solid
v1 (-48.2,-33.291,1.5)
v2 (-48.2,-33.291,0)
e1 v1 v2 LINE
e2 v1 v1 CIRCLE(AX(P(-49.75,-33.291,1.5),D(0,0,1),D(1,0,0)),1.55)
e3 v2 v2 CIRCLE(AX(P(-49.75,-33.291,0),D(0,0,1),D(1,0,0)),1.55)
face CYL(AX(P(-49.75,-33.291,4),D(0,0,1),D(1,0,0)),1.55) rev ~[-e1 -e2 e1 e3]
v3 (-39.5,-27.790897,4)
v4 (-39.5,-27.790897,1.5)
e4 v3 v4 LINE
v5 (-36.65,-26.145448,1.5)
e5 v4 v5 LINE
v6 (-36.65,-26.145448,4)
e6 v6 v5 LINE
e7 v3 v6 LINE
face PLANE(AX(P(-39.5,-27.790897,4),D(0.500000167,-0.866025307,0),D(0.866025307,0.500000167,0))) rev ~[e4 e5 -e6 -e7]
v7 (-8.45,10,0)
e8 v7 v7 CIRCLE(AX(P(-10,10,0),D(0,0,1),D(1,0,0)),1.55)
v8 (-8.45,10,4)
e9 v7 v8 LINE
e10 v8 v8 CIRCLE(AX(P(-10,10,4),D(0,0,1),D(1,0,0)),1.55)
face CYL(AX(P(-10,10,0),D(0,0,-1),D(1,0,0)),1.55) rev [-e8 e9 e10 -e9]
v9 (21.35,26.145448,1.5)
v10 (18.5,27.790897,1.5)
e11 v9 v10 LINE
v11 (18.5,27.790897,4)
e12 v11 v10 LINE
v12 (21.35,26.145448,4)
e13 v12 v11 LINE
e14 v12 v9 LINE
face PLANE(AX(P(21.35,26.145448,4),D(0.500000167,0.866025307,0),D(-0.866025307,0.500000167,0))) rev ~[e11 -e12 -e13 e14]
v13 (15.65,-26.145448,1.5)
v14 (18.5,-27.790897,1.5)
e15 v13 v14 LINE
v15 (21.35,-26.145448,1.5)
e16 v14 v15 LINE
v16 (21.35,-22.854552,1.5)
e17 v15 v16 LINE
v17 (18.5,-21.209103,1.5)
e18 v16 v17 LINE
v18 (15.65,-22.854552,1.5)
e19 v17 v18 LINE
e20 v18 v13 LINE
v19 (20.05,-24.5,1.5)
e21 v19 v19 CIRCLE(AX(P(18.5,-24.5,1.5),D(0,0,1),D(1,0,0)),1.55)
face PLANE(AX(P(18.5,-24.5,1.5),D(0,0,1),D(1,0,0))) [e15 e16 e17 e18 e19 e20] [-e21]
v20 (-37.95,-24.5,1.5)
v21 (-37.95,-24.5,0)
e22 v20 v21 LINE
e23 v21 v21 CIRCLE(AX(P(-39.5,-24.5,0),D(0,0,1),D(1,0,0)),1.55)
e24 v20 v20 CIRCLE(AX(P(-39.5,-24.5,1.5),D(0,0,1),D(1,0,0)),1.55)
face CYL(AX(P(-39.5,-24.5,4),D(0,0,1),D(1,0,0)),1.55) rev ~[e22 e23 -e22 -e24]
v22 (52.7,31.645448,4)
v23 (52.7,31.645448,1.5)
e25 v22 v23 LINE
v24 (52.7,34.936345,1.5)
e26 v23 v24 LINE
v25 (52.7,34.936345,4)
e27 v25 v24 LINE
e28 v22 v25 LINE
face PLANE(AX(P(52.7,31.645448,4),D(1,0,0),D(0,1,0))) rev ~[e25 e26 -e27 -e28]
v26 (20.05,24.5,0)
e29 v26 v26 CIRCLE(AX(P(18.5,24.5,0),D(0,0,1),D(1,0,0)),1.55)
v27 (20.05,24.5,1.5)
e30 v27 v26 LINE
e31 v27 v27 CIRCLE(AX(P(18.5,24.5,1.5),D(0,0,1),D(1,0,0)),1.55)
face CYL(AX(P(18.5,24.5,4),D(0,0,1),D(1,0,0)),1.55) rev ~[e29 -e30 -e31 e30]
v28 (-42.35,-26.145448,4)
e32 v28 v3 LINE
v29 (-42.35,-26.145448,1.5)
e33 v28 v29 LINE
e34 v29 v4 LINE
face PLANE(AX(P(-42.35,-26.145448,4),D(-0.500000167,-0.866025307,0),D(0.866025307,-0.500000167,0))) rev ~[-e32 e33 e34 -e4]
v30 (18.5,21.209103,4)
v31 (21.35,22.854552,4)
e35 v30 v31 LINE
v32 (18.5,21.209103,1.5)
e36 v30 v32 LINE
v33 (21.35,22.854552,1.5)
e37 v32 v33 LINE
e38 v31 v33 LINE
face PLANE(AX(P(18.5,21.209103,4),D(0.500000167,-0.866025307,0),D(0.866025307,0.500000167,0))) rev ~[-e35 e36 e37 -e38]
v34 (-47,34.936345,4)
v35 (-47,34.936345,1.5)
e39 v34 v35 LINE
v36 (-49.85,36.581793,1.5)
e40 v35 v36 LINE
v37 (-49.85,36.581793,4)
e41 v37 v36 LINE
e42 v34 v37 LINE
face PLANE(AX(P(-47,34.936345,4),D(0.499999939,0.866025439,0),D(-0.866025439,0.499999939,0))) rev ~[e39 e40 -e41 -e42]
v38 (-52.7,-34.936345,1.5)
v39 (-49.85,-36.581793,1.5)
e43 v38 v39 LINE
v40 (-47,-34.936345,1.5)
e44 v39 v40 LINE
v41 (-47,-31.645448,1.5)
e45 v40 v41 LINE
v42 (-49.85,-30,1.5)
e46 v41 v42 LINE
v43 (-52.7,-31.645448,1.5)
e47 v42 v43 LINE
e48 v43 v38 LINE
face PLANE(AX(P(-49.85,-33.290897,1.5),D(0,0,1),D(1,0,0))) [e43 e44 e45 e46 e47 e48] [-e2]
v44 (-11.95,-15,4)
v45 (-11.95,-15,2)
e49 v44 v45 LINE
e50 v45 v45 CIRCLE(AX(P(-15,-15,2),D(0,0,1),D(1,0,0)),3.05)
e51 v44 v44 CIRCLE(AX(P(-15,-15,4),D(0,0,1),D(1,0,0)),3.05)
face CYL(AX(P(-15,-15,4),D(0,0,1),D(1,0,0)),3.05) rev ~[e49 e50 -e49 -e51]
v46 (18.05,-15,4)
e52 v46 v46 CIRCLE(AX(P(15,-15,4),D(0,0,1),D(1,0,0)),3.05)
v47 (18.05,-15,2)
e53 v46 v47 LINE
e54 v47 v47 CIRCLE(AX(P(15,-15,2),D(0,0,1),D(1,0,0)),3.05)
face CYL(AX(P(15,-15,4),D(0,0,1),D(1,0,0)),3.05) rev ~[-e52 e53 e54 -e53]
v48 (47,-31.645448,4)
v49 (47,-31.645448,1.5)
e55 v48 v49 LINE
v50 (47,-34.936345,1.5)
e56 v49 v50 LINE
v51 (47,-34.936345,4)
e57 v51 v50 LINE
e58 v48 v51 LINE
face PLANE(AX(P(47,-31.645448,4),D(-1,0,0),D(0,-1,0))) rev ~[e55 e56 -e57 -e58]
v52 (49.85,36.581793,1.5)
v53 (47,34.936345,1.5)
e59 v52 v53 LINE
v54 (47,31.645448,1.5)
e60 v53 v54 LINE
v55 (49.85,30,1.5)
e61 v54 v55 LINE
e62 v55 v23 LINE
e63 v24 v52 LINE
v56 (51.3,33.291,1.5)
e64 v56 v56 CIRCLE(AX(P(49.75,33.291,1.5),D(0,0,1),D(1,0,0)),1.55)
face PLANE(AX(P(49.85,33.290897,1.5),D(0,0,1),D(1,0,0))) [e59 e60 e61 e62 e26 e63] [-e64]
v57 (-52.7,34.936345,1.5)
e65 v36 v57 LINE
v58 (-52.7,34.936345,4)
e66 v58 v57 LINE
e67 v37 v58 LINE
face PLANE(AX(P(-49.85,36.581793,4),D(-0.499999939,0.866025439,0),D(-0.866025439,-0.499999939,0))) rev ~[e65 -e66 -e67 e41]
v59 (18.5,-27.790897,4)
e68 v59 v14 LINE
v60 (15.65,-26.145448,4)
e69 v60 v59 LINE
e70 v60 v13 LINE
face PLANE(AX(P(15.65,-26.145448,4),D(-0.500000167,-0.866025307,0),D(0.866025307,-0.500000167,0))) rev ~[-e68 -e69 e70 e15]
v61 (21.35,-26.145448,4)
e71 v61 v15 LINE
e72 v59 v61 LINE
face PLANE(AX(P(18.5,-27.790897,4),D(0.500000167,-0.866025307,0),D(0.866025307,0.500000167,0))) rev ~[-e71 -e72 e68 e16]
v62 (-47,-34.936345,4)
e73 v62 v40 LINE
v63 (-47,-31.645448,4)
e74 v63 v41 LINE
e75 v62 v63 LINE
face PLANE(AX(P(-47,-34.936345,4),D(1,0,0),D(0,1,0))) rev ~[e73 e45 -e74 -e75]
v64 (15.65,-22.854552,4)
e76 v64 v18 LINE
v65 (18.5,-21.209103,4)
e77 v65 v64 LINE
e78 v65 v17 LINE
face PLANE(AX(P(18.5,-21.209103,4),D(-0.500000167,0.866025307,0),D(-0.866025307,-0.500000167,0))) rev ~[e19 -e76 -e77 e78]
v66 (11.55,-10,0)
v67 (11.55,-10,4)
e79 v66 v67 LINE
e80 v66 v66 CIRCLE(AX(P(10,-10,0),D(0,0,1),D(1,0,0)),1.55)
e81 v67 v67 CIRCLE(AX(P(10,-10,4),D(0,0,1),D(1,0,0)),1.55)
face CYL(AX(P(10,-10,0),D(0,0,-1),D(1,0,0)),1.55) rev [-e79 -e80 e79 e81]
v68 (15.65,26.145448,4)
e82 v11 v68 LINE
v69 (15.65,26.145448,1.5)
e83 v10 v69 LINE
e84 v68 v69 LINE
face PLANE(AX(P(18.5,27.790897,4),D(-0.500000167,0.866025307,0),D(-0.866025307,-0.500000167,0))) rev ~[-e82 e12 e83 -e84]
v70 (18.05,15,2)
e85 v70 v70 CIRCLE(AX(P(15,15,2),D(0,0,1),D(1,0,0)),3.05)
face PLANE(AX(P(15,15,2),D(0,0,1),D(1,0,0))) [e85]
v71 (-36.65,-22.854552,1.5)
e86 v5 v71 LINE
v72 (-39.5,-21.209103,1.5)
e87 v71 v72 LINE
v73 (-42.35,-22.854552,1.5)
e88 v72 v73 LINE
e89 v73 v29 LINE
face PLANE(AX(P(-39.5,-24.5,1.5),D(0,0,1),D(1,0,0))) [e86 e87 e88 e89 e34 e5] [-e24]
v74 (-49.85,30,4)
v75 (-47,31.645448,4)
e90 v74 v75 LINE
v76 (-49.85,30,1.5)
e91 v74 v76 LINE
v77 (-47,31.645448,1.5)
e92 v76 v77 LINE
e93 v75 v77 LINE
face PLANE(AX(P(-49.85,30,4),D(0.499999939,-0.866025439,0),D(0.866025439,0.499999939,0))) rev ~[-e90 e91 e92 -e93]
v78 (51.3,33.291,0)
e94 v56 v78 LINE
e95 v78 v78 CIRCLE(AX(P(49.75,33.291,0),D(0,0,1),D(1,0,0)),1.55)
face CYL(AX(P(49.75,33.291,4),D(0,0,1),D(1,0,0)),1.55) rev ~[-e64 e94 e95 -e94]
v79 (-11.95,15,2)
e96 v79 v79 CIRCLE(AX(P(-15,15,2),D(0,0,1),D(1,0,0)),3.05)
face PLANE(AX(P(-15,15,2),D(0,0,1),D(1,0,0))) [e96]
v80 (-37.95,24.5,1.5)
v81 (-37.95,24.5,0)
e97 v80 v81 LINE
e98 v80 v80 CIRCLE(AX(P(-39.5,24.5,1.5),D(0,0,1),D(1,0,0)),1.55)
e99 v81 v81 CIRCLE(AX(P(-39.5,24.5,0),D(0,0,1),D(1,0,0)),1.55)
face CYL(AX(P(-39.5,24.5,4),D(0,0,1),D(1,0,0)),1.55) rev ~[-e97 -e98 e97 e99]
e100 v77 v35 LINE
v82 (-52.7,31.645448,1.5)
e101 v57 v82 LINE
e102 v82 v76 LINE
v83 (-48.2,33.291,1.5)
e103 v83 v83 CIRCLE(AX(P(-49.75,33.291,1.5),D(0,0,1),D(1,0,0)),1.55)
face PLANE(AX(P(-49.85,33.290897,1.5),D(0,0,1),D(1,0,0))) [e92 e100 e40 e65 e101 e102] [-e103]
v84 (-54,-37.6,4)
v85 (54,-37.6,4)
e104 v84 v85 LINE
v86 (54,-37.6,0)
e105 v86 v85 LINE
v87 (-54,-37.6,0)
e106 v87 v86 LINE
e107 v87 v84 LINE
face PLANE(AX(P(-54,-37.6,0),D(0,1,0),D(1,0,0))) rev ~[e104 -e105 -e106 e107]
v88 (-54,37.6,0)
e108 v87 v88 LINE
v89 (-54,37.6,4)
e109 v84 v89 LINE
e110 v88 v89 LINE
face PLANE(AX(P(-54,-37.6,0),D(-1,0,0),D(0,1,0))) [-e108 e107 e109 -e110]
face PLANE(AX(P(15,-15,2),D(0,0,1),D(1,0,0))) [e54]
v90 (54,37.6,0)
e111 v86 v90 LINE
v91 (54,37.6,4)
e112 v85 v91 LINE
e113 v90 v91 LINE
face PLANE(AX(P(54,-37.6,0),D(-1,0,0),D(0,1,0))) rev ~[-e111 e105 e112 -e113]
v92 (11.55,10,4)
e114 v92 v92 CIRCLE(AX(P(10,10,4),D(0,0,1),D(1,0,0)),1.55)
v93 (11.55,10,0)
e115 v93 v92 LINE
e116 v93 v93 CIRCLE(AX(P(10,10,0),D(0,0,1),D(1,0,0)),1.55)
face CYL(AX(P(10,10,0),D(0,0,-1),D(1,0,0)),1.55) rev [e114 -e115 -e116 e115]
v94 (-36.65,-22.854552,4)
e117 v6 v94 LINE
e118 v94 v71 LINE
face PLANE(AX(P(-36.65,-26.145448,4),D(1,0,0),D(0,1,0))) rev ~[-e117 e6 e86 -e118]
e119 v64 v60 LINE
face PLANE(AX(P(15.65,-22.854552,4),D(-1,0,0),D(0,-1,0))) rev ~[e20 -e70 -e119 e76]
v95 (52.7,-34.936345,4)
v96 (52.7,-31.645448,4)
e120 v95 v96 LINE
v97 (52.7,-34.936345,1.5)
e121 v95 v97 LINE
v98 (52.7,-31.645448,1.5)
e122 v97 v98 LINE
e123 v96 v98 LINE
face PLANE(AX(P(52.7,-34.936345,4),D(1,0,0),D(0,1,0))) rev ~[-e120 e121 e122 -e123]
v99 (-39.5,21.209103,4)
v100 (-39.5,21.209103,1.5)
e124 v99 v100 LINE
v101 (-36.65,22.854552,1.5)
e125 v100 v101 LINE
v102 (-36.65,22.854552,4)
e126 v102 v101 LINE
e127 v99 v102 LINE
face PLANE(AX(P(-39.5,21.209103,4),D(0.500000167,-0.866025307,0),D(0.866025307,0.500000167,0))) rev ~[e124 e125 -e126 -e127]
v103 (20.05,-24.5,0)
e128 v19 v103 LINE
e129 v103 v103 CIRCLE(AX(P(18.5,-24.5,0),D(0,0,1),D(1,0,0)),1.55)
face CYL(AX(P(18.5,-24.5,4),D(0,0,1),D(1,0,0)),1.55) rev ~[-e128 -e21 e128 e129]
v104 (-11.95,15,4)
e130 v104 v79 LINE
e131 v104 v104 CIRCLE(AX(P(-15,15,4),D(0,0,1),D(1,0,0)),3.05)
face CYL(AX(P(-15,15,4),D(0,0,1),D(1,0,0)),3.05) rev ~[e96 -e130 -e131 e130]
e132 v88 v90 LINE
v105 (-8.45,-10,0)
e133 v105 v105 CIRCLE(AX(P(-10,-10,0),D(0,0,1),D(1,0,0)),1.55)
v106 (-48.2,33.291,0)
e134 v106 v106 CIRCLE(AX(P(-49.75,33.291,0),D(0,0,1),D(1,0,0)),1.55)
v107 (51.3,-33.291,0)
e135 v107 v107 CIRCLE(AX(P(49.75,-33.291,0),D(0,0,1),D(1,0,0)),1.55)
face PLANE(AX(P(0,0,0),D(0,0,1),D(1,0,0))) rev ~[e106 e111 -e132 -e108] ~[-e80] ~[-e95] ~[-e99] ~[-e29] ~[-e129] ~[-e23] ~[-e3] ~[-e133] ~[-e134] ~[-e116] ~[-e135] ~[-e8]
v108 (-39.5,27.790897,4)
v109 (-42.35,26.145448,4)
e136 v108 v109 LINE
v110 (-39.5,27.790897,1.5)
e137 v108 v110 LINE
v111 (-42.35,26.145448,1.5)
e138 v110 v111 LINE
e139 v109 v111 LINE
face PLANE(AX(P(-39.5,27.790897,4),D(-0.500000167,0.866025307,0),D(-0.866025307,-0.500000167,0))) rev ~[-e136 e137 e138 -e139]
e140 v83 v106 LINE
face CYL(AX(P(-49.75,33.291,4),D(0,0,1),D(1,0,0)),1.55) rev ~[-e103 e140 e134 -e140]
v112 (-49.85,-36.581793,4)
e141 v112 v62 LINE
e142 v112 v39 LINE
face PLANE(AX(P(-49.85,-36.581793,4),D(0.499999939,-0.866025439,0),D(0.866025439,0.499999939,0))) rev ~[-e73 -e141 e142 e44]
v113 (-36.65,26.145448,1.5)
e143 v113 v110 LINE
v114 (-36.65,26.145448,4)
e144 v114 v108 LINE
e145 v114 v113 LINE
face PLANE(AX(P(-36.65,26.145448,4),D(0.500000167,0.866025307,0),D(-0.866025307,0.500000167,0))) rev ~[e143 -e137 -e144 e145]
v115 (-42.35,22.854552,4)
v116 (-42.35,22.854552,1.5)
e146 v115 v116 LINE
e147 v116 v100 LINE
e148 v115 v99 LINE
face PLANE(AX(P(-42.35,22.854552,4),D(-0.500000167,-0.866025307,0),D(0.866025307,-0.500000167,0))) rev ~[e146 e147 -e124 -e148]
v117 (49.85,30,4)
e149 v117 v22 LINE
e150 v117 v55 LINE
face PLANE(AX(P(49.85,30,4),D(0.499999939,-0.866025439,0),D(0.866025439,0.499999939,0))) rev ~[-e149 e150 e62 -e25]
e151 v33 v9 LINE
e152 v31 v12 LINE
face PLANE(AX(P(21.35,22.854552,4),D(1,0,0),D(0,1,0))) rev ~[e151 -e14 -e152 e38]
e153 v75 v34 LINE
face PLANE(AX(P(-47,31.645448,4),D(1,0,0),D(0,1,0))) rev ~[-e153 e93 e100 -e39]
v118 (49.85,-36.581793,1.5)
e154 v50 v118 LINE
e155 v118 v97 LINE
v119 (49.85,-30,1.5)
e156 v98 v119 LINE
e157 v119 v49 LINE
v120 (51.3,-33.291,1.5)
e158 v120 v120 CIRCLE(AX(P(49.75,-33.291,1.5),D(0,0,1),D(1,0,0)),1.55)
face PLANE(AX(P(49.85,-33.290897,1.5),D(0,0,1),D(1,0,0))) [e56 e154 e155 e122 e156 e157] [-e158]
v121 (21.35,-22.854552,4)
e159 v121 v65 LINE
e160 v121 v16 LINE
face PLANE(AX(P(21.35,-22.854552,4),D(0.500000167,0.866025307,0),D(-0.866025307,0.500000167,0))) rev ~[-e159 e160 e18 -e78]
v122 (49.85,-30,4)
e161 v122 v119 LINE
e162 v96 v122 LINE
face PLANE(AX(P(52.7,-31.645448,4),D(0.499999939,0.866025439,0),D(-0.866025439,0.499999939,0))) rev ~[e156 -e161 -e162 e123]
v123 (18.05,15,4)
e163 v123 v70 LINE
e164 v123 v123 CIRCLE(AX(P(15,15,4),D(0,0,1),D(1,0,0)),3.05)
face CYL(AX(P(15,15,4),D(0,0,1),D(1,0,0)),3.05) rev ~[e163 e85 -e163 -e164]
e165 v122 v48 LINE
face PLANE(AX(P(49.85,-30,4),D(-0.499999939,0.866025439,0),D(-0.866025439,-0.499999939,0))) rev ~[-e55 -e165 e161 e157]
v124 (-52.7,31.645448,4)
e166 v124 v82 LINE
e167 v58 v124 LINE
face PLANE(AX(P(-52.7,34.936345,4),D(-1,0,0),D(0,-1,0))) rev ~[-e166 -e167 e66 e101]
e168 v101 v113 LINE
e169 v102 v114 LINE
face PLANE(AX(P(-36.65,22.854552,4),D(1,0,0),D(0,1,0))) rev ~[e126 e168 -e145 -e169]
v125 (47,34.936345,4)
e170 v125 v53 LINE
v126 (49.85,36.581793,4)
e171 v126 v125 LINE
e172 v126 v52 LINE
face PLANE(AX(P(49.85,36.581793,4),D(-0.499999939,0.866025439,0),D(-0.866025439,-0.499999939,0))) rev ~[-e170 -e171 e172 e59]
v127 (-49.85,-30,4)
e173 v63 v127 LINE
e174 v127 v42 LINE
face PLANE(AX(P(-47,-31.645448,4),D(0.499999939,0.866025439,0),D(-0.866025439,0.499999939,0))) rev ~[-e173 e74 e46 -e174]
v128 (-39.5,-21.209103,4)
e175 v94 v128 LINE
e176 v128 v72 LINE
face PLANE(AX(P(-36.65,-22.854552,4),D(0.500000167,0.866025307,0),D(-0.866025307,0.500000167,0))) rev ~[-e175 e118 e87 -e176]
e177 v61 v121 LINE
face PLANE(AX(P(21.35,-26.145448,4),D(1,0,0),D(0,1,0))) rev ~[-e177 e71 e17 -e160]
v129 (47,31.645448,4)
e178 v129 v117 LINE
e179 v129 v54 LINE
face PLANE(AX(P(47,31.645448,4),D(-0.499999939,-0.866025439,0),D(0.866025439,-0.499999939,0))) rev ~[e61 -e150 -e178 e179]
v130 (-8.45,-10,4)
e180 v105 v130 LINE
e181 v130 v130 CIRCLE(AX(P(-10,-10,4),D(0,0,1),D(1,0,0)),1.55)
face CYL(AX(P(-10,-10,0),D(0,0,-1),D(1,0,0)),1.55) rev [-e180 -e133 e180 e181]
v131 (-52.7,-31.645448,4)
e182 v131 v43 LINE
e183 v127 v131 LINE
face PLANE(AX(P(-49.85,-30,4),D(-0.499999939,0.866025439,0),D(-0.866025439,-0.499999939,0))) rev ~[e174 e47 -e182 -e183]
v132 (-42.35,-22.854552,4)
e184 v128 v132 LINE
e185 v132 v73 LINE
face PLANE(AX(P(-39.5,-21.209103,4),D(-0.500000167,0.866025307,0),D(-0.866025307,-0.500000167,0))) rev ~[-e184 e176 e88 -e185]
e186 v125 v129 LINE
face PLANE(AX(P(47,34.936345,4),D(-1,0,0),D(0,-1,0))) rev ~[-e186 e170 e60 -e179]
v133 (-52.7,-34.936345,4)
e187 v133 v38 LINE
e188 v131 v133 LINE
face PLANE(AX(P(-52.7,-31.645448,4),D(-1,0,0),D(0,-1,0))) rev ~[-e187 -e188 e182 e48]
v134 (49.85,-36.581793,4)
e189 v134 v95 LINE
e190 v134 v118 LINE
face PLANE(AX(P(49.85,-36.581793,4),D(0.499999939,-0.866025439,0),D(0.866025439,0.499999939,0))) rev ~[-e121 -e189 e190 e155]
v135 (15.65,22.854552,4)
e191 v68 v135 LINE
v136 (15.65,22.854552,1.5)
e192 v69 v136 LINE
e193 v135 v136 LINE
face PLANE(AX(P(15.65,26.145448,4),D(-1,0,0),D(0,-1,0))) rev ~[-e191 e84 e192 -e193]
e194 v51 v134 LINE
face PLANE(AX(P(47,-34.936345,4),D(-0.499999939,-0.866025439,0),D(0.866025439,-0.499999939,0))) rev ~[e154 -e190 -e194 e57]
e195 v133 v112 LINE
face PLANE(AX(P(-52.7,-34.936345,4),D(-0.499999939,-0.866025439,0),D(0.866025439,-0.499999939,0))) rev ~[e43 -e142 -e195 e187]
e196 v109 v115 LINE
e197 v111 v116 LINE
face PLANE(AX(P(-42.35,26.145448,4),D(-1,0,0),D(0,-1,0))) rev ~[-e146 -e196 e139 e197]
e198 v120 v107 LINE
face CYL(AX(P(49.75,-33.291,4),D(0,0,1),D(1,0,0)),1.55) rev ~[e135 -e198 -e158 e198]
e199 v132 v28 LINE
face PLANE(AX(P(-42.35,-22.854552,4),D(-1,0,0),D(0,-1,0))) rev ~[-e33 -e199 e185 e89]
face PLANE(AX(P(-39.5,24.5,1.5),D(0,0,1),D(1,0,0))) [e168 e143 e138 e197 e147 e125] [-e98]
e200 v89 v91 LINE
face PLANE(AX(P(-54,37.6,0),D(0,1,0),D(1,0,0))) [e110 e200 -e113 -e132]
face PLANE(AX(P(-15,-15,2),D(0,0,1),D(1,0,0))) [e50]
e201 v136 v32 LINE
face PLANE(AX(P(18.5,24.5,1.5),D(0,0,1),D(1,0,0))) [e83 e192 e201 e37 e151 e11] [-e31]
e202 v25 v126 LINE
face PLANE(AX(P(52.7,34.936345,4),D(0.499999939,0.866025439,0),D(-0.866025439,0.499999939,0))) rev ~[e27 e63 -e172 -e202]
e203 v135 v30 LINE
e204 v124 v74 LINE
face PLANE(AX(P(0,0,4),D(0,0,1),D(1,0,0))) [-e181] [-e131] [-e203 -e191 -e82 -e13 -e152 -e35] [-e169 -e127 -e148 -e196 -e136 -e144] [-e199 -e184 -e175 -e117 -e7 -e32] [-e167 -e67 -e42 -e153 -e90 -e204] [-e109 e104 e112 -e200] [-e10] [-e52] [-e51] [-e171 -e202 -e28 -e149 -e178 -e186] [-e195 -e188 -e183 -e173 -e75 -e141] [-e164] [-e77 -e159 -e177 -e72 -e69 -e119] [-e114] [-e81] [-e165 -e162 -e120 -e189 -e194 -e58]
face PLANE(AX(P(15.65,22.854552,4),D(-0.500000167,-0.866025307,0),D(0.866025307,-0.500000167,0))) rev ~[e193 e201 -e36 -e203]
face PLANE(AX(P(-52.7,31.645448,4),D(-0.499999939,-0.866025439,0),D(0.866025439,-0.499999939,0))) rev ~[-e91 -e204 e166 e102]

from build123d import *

# Parameters (mm, degrees)
SKETCH_W        = 108
SKETCH_H        = 75.2
SKETCH_R        = 1.55
PAD_DEPTH       = 4
SKETCH001_R     = 3.05
POCKET_DEPTH    = 2
POCKET001_DEPTH = 2.5
SKETCH003_R     = 1.55
POCKET002_DEPTH = 4


with BuildPart() as part:
    # Sketch → Pad (new body)
    with BuildSketch(Plane.XY):
        Rectangle(SKETCH_W, SKETCH_H)
        with Locations((-10, 10)):
            Circle(SKETCH_R, mode=Mode.SUBTRACT)
        with Locations((10, 10)):
            Circle(SKETCH_R, mode=Mode.SUBTRACT)
        with Locations((10, -10)):
            Circle(SKETCH_R, mode=Mode.SUBTRACT)
        with Locations((-10, -10)):
            Circle(SKETCH_R, mode=Mode.SUBTRACT)
    extrude(amount=PAD_DEPTH)

    # Sketch001 (on Face10 of Pad) → Pocket (cut)
    with BuildSketch(Plane.XY.offset(4)):
        with Locations((-15, 15)):
            Circle(SKETCH001_R)
        with Locations((15, 15)):
            Circle(SKETCH001_R)
        with Locations((15, -15)):
            Circle(SKETCH001_R)
        with Locations((-15, -15)):
            Circle(SKETCH001_R)
    extrude(amount=-POCKET_DEPTH, mode=Mode.SUBTRACT)

    # Sketch002 (on Face5 of Pocket) → Pocket001 (cut)
    with BuildSketch(Plane.XY.offset(4)):
        Polygon((-47, 31.645448), (-47, 34.936345), (-49.85, 36.581793), (-52.7, 34.936345), (-52.7, 31.645448), (-49.85, 30), align=None)
        Polygon((-49.85, -36.581793), (-47, -34.936345), (-47, -31.645448), (-49.85, -30), (-52.7, -31.645448), (-52.7, -34.936345), align=None)
        Polygon((52.7, -34.936345), (52.7, -31.645448), (49.85, -30), (47, -31.645448), (47, -34.936345), (49.85, -36.581793), align=None)
        Polygon((52.7, 31.645448), (52.7, 34.936345), (49.85, 36.581793), (47, 34.936345), (47, 31.645448), (49.85, 30), align=None)
        Polygon((-36.65, 22.854552), (-36.65, 26.145448), (-39.5, 27.790897), (-42.35, 26.145448), (-42.35, 22.854552), (-39.5, 21.209103), align=None)
        Polygon((21.35, 26.145448), (18.5, 27.790897), (15.65, 26.145448), (15.65, 22.854552), (18.5, 21.209103), (21.35, 22.854552), align=None)
        Polygon((21.35, -26.145448), (21.35, -22.854552), (18.5, -21.209103), (15.65, -22.854552), (15.65, -26.145448), (18.5, -27.790897), align=None)
        Polygon((-36.65, -26.145448), (-36.65, -22.854552), (-39.5, -21.209103), (-42.35, -22.854552), (-42.35, -26.145448), (-39.5, -27.790897), align=None)
    extrude(amount=-POCKET001_DEPTH, mode=Mode.SUBTRACT)

    # Sketch003 (on Face5 of Pocket001) → Pocket002 (cut)
    with BuildSketch(Plane.XY.offset(4)):
        with Locations((-49.75, 33.291)):
            Circle(SKETCH003_R)
        with Locations((-39.5, 24.5)):
            Circle(SKETCH003_R)
        with Locations((18.5, 24.5)):
            Circle(SKETCH003_R)
        with Locations((49.75, 33.291)):
            Circle(SKETCH003_R)
        with Locations((49.75, -33.291)):
            Circle(SKETCH003_R)
        with Locations((18.5, -24.5)):
            Circle(SKETCH003_R)
        with Locations((-39.5, -24.5)):
            Circle(SKETCH003_R)
        with Locations((-49.75, -33.291)):
            Circle(SKETCH003_R)
    extrude(amount=-POCKET002_DEPTH, mode=Mode.SUBTRACT)


solid = part.part
